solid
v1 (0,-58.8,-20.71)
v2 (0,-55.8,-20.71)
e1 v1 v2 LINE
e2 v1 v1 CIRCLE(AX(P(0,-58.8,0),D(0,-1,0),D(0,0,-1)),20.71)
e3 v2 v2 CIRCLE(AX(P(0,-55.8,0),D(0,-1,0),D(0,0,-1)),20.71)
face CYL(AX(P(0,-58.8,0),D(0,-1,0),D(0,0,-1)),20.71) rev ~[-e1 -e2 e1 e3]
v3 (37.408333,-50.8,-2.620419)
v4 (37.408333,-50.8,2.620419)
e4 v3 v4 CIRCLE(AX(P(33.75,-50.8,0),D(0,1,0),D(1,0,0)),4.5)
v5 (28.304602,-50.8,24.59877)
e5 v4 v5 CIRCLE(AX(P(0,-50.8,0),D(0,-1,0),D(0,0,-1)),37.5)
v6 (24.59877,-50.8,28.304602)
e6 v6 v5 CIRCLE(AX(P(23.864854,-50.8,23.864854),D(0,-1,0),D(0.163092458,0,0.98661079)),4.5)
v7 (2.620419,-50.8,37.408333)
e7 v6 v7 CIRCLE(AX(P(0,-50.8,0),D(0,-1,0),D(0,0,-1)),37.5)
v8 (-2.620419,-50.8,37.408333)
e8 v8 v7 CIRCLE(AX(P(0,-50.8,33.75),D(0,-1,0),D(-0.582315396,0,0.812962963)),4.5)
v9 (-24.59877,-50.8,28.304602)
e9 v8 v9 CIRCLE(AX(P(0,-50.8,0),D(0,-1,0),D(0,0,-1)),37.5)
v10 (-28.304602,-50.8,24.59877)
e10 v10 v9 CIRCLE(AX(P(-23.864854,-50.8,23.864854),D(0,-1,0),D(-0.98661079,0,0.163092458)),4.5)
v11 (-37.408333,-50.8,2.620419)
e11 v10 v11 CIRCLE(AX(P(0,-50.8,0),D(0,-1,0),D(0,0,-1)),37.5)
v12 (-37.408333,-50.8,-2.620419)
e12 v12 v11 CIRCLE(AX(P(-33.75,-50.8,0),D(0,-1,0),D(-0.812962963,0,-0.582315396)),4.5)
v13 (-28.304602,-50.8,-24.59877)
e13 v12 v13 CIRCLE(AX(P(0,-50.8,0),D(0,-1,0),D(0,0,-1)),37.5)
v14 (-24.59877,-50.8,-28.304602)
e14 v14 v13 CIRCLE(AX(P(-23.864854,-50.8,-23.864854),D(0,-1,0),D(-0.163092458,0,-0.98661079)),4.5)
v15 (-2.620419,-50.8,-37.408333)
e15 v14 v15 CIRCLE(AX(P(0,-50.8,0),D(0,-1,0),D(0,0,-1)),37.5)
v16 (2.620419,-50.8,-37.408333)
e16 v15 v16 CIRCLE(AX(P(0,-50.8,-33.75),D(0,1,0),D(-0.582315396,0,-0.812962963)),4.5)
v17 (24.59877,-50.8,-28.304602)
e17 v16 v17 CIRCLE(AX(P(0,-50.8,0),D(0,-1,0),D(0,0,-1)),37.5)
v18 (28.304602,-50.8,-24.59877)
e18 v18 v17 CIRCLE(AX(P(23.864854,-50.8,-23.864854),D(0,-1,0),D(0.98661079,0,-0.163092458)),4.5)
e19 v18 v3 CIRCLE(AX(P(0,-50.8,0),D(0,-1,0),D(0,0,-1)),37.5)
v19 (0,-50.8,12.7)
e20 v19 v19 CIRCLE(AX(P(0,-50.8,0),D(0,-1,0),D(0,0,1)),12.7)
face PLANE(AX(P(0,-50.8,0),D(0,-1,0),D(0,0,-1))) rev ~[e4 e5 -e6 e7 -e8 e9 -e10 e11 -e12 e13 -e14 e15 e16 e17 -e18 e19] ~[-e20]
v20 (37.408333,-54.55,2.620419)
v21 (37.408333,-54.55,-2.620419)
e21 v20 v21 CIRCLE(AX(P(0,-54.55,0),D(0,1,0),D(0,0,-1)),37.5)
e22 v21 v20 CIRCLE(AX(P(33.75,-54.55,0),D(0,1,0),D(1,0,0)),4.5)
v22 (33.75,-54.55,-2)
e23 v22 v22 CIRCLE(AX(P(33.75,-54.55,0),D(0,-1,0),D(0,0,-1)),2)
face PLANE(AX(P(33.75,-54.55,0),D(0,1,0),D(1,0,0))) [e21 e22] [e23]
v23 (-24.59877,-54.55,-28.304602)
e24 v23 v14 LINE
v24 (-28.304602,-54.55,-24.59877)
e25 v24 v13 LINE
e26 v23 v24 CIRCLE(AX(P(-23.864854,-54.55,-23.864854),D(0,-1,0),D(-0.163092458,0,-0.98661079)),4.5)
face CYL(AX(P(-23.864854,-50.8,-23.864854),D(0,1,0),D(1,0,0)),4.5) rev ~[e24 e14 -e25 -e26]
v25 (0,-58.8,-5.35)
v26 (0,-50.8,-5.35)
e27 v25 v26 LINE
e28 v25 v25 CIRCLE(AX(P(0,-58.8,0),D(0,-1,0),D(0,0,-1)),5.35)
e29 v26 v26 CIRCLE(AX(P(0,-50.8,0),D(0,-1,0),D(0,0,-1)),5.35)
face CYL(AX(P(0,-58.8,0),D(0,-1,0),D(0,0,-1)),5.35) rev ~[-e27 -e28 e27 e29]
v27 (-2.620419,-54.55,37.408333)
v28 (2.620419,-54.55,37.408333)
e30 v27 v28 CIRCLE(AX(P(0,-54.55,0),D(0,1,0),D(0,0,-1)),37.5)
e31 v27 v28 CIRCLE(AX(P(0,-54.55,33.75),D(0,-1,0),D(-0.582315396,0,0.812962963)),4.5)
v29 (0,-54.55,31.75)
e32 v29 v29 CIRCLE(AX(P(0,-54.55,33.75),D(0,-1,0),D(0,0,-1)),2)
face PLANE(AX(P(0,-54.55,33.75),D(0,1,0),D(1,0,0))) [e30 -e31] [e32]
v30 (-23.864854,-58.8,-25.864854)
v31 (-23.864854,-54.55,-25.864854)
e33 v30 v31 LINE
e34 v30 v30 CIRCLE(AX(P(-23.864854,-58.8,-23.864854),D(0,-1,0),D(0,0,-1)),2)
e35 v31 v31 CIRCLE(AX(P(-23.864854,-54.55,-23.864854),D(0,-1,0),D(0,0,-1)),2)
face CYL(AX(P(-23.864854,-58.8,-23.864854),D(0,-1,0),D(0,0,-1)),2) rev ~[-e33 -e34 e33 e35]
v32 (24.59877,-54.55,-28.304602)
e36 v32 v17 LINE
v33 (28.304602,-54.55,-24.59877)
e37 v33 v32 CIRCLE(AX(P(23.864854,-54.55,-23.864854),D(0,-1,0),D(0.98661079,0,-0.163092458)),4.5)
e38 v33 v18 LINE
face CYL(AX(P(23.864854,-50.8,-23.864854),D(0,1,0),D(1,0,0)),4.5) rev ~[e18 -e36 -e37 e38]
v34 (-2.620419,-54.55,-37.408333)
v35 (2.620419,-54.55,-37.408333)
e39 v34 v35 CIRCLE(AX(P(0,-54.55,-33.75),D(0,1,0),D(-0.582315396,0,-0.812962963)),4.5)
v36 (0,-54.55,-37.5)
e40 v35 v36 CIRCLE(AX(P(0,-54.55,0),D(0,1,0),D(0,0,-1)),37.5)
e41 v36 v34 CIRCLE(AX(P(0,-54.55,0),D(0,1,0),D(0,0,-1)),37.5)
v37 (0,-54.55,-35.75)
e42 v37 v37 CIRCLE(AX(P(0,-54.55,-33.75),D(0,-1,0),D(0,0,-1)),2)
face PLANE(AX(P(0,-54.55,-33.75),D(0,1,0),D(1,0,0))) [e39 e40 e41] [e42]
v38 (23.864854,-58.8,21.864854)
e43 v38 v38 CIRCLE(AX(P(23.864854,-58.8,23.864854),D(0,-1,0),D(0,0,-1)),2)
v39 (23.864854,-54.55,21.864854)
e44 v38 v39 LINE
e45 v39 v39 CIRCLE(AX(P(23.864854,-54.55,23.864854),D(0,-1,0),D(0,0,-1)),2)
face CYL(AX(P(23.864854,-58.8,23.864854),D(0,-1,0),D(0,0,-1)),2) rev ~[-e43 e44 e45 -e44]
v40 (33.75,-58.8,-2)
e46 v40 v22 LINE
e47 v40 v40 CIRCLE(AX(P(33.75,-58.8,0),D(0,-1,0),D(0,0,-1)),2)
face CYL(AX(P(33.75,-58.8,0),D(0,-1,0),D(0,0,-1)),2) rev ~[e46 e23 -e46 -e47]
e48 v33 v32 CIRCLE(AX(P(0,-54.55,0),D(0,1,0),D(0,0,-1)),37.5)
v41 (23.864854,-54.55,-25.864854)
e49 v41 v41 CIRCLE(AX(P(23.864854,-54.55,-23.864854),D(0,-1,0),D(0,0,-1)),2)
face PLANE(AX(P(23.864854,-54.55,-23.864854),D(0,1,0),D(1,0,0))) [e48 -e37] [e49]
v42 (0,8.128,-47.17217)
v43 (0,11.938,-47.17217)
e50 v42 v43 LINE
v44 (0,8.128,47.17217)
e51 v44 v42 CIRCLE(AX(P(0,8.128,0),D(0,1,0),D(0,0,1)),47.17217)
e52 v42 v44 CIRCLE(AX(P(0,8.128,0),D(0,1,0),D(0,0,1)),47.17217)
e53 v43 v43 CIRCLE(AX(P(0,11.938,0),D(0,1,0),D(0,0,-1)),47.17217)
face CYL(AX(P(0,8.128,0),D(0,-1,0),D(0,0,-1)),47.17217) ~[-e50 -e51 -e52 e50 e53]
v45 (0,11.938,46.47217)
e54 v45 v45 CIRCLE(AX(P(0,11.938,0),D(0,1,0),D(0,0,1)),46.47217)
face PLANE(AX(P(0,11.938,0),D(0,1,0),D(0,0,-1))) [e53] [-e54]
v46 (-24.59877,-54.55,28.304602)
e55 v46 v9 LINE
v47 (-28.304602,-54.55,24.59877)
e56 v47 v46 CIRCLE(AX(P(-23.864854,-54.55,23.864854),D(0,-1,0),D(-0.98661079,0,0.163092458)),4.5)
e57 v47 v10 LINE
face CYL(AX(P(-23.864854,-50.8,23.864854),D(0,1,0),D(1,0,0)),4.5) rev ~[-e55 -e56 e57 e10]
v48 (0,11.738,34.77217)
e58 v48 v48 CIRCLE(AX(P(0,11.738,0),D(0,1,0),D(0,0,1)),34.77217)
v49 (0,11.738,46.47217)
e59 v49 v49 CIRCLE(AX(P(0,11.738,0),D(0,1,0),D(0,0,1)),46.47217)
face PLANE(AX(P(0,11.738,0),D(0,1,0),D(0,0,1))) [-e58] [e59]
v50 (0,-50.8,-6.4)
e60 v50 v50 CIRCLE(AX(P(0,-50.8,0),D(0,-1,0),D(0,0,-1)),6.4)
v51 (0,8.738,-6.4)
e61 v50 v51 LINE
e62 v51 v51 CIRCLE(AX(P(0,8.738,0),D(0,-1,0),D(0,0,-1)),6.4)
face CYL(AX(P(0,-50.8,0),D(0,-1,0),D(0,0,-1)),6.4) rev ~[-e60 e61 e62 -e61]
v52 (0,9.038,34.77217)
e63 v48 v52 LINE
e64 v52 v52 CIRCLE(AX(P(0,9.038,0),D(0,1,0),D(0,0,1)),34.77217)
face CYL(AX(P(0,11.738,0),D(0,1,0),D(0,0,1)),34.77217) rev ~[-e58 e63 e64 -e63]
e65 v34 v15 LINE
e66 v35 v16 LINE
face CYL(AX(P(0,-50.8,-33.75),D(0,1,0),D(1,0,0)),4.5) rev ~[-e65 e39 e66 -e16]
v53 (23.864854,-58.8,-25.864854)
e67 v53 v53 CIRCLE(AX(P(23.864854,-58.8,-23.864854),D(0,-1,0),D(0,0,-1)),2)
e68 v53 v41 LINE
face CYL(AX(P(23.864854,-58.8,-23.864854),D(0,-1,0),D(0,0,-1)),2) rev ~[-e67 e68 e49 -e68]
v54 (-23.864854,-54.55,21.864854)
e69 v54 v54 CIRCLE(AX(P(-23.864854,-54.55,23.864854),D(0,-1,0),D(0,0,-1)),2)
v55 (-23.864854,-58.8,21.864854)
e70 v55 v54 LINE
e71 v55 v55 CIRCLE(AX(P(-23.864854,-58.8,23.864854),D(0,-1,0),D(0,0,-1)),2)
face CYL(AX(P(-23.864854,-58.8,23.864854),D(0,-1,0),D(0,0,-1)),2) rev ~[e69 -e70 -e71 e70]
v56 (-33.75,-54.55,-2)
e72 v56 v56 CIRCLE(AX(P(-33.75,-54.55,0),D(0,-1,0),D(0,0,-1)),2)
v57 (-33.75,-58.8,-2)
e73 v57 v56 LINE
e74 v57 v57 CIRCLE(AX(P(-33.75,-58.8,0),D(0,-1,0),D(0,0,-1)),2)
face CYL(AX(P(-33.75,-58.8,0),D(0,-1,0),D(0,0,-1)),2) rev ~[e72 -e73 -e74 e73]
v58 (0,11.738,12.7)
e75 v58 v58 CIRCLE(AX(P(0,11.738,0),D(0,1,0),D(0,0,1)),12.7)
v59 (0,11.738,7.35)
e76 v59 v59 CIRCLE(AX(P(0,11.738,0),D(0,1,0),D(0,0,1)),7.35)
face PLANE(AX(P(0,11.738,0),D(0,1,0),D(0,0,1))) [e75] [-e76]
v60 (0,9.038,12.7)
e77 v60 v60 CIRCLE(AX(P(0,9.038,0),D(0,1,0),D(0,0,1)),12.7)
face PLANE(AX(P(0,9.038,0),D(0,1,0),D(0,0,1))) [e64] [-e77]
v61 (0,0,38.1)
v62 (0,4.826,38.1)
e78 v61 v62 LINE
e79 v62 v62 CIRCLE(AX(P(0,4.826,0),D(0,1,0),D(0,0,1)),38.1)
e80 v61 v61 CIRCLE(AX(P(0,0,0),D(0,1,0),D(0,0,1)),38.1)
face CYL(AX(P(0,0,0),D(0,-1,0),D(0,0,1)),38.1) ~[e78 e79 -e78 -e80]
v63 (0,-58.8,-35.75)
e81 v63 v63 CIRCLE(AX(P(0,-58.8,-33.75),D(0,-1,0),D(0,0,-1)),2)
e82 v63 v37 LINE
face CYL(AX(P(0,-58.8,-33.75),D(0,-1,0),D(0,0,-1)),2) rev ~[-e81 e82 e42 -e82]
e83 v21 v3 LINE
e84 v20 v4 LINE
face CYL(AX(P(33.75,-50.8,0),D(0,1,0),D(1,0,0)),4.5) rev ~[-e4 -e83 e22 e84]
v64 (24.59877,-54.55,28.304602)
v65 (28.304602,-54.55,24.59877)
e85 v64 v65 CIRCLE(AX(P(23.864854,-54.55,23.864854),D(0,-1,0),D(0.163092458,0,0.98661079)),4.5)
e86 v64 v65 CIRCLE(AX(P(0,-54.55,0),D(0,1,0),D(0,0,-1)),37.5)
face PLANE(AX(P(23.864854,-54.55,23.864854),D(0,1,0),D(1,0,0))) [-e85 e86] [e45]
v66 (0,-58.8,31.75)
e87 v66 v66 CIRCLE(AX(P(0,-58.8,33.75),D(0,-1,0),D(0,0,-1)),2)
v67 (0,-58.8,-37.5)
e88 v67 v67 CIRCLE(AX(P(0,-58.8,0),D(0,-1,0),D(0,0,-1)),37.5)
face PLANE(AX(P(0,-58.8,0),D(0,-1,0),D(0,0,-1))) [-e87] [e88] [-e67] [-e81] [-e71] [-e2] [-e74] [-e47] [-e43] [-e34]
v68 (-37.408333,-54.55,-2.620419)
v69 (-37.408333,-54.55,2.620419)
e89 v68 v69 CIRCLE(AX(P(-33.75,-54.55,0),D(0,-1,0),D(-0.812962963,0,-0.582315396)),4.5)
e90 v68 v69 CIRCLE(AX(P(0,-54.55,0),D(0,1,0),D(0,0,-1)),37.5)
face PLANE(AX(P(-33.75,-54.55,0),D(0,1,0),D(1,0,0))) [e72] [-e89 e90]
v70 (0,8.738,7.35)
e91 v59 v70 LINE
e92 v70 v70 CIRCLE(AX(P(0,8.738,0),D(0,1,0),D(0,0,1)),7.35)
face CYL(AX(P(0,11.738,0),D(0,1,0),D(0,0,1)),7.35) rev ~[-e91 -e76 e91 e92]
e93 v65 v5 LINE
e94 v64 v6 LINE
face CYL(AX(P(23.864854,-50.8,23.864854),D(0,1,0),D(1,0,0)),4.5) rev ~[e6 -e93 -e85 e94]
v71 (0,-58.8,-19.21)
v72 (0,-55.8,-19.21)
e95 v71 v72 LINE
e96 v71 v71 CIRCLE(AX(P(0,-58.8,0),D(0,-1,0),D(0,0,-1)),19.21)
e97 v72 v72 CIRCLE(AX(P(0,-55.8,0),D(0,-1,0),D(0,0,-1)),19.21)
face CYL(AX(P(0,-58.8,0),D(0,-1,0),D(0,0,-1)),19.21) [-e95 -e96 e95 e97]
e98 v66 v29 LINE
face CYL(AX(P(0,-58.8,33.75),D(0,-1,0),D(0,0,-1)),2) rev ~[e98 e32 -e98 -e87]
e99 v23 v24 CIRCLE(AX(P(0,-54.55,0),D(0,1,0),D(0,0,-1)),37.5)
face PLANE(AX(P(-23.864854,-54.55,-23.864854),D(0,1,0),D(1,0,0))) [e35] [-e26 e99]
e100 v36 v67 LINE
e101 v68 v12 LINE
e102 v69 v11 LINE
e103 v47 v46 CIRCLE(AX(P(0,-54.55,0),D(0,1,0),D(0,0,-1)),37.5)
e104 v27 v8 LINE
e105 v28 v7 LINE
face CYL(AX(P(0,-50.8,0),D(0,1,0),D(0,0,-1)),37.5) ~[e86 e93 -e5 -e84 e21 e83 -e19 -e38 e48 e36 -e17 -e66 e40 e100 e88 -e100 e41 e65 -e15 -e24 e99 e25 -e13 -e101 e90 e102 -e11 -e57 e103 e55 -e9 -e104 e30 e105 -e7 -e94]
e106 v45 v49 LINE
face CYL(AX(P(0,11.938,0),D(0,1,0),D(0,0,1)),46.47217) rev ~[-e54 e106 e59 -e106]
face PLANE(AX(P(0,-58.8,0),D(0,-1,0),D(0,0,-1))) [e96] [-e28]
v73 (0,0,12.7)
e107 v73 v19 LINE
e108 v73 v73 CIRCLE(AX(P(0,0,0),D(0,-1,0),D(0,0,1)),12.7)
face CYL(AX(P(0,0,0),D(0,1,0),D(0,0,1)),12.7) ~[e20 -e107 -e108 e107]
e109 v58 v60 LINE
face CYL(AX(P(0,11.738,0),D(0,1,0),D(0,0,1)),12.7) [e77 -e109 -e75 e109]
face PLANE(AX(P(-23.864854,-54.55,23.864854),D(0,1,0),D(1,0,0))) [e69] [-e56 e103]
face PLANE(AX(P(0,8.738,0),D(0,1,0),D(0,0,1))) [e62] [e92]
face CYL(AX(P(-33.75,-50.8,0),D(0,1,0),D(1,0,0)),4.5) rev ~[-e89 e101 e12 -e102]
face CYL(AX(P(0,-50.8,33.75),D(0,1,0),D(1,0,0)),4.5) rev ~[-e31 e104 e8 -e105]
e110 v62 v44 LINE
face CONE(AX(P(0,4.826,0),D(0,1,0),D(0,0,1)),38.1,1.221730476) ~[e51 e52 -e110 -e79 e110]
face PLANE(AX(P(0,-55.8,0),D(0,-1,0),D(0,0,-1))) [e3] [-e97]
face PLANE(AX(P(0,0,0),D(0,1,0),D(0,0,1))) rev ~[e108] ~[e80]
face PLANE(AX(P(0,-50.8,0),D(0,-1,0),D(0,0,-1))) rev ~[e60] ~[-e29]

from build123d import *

# Parameters (mm, degrees)
SKETCH1_R           = 38.1
BOSS_EXTRUDE1_DEPTH = 4.826
SKETCH2_R           = 38.1
BOSS_EXTRUDE2_DEPTH = 3.302
BOSS_EXTRUDE2_DRAFT = -70
SKETCH3_R           = 47.172170439
BOSS_EXTRUDE3_DEPTH = 3.81
SKETCH4_R           = 46.472170439
CUT_EXTRUDE1_DEPTH  = 0.2
SKETCH6_R           = 34.772170439
SKETCH6_R_2         = 12.7
CUT_EXTRUDE2_DEPTH  = 2.7
SKETCH8_R           = 12.7
BOSS_EXTRUDE4_DEPTH = 50.8
SKETCH10_R          = 7.35
CUT_EXTRUDE5_DEPTH  = 3
SKETCH13_R          = 6.4
CUT_EXTRUDE9_DEPTH  = 92.577748235
SKETCH15_R          = 37.5
BOSS_EXTRUDE6_DEPTH = 8
CUT_EXTRUDE10_REACH = 99.233
SKETCH16_R          = 2
SKETCH16_R_2        = 5.35
SKETCH17_R          = 20.71
SKETCH17_R_2        = 19.21
CUT_EXTRUDE11_DEPTH = 3
SKETCH19_R          = 4.5
CUT_EXTRUDE12_DEPTH = 3.75


with BuildPart() as part:
    # Sketch1 → Boss-Extrude1 (new body)
    with BuildSketch(Plane(origin=(0, 0, 0), x_dir=(1, 0, 0), z_dir=(0, 1, 0))):
        with Locations(Location((0, 0, 0), (0, 0, 270))):
            Circle(SKETCH1_R)
    extrude(amount=BOSS_EXTRUDE1_DEPTH)


with BuildPart() as boss_extrude2_tool:
    # Sketch2 → Boss-Extrude2 (with draft: the straight prism first)
    with BuildSketch(Plane(origin=(0, 4.826, 0), x_dir=(1, 0, 0), z_dir=(0, 1, 0))):
        with Locations(Location((0, 0, 0), (0, 0, 270))):
            Circle(SKETCH2_R)
    extrude(amount=BOSS_EXTRUDE2_DEPTH)
    # Boss-Extrude2: the draft: its side faces are tilted about the plane it starts from
    boss_extrude2_sides = [boss_extrude2_tool.faces().sort_by_distance(p)[0] for p in [
        (0, 6.477, -38.1),
    ]]
    draft(boss_extrude2_sides, Plane(origin=(0, 4.826, 0), x_dir=(1, 0, 0), z_dir=(0, 1, 0)), BOSS_EXTRUDE2_DRAFT)


with BuildPart() as part_1:
    add(part.part)

    # Boss-Extrude2: add boss_extrude2_tool
    add(boss_extrude2_tool.part)

    # Sketch3 → Boss-Extrude3 (add)
    with BuildSketch(Plane(origin=(0, 8.128, 0), x_dir=(1, 0, 0), z_dir=(0, 1, 0))):
        with Locations(Location((0, 0, 0), (0, 0, 90))):
            Circle(SKETCH3_R)
    extrude(amount=BOSS_EXTRUDE3_DEPTH)

    # Sketch4 → Cut-Extrude1 (cut)
    with BuildSketch(Plane(origin=(0, 11.938, 0), x_dir=(1, 0, 0), z_dir=(0, 1, 0))):
        with Locations(Location((0, 0, 0), (0, 0, 270))):
            Circle(SKETCH4_R)
    extrude(amount=-CUT_EXTRUDE1_DEPTH, mode=Mode.SUBTRACT)

    # Sketch6 → Cut-Extrude2 (cut)
    with BuildSketch(Plane(origin=(0, 11.738, 0), x_dir=(1, 0, 0), z_dir=(0, 1, 0))):
        with Locations(Location((0, 0, 0), (0, 0, 270))):
            Circle(SKETCH6_R)
        with Locations(Location((0, 0, 0), (0, 0, 270))):
            Circle(SKETCH6_R_2, mode=Mode.SUBTRACT)
    extrude(amount=-CUT_EXTRUDE2_DEPTH, mode=Mode.SUBTRACT)

    # Sketch8 → Boss-Extrude4 (add)
    with BuildSketch(Plane.XZ):
        with Locations(Location((0, 0, 0), (0, 0, 90))):
            Circle(SKETCH8_R)
    extrude(amount=BOSS_EXTRUDE4_DEPTH)

    # Sketch10 → Cut-Extrude5 (cut)
    with BuildSketch(Plane(origin=(0, 11.738, 0), x_dir=(1, 0, 0), z_dir=(0, 1, 0))):
        with Locations(Location((0, 0, 0), (0, 0, 270))):
            Circle(SKETCH10_R)
    extrude(amount=-CUT_EXTRUDE5_DEPTH, mode=Mode.SUBTRACT)

    # Sketch13 → Cut-Extrude9 (cut, through all)
    with BuildSketch(Plane(origin=(0, -50.8, 0), x_dir=(-1, 0, 0), z_dir=(0, -1, 0))):
        with Locations(Location((0, 0, 0), (0, 0, 90))):
            Circle(SKETCH13_R)
    extrude(amount=-CUT_EXTRUDE9_DEPTH, mode=Mode.SUBTRACT)

    # Sketch15 → Boss-Extrude6 (add)
    with BuildSketch(Plane.XZ.offset(50.8)):
        with Locations(Location((0, 0, 0), (0, 0, 270))):
            Circle(SKETCH15_R)
    extrude(amount=BOSS_EXTRUDE6_DEPTH)

    # Sketch16 → Cut-Extrude10 (cut, up to next)
    with BuildSketch(Plane.XZ.offset(58.8), mode=Mode.PRIVATE) as cut_extrude10_sk1:
        with Locations(Location((0, 33.75, 0), (0, 0, 270))):
            Circle(SKETCH16_R)
    cut_extrude10_tool1 = extrude(cut_extrude10_sk1.sketch, amount=-CUT_EXTRUDE10_REACH, mode=Mode.PRIVATE) & part_1.part
    # Sketch16 → Cut-Extrude10 (cut, up to next)
    with BuildSketch(Plane.XZ.offset(58.8), mode=Mode.PRIVATE) as cut_extrude10_sk2:
        with Locations(Location((23.864853865, 23.864853865, 0), (0, 0, 270))):
            Circle(SKETCH16_R)
    cut_extrude10_tool2 = extrude(cut_extrude10_sk2.sketch, amount=-CUT_EXTRUDE10_REACH, mode=Mode.PRIVATE) & part_1.part
    # Sketch16 → Cut-Extrude10 (cut, up to next)
    with BuildSketch(Plane.XZ.offset(58.8), mode=Mode.PRIVATE) as cut_extrude10_sk3:
        with Locations(Location((33.75, 0, 0), (0, 0, 270))):
            Circle(SKETCH16_R)
    cut_extrude10_tool3 = extrude(cut_extrude10_sk3.sketch, amount=-CUT_EXTRUDE10_REACH, mode=Mode.PRIVATE) & part_1.part
    # Sketch16 → Cut-Extrude10 (cut, up to next)
    with BuildSketch(Plane.XZ.offset(58.8), mode=Mode.PRIVATE) as cut_extrude10_sk4:
        with Locations(Location((23.864853865, -23.864853865, 0), (0, 0, 270))):
            Circle(SKETCH16_R)
    cut_extrude10_tool4 = extrude(cut_extrude10_sk4.sketch, amount=-CUT_EXTRUDE10_REACH, mode=Mode.PRIVATE) & part_1.part
    # Sketch16 → Cut-Extrude10 (cut, up to next)
    with BuildSketch(Plane.XZ.offset(58.8), mode=Mode.PRIVATE) as cut_extrude10_sk5:
        with Locations(Location((0, -33.75, 0), (0, 0, 270))):
            Circle(SKETCH16_R)
    cut_extrude10_tool5 = extrude(cut_extrude10_sk5.sketch, amount=-CUT_EXTRUDE10_REACH, mode=Mode.PRIVATE) & part_1.part
    # Sketch16 → Cut-Extrude10 (cut, up to next)
    with BuildSketch(Plane.XZ.offset(58.8), mode=Mode.PRIVATE) as cut_extrude10_sk6:
        with Locations(Location((-23.864853865, -23.864853865, 0), (0, 0, 270))):
            Circle(SKETCH16_R)
    cut_extrude10_tool6 = extrude(cut_extrude10_sk6.sketch, amount=-CUT_EXTRUDE10_REACH, mode=Mode.PRIVATE) & part_1.part
    # Sketch16 → Cut-Extrude10 (cut, up to next)
    with BuildSketch(Plane.XZ.offset(58.8), mode=Mode.PRIVATE) as cut_extrude10_sk7:
        with Locations(Location((-33.75, 0, 0), (0, 0, 270))):
            Circle(SKETCH16_R)
    cut_extrude10_tool7 = extrude(cut_extrude10_sk7.sketch, amount=-CUT_EXTRUDE10_REACH, mode=Mode.PRIVATE) & part_1.part
    # Sketch16 → Cut-Extrude10 (cut, up to next)
    with BuildSketch(Plane.XZ.offset(58.8), mode=Mode.PRIVATE) as cut_extrude10_sk8:
        with Locations(Location((-23.864853865, 23.864853865, 0), (0, 0, 270))):
            Circle(SKETCH16_R)
    cut_extrude10_tool8 = extrude(cut_extrude10_sk8.sketch, amount=-CUT_EXTRUDE10_REACH, mode=Mode.PRIVATE) & part_1.part
    # Sketch16 → Cut-Extrude10 (cut, up to next)
    with BuildSketch(Plane.XZ.offset(58.8), mode=Mode.PRIVATE) as cut_extrude10_sk9:
        with Locations(Location((0, 0, 0), (0, 0, 270))):
            Circle(SKETCH16_R_2)
    cut_extrude10_tool9 = extrude(cut_extrude10_sk9.sketch, amount=-CUT_EXTRUDE10_REACH, mode=Mode.PRIVATE) & part_1.part
    add(cut_extrude10_tool1.solids().sort_by_distance((0, -58.8, 33.75))[0], mode=Mode.SUBTRACT)
    add(cut_extrude10_tool2.solids().sort_by_distance((23.864854, -58.8, 23.864854))[0], mode=Mode.SUBTRACT)
    add(cut_extrude10_tool3.solids().sort_by_distance((33.75, -58.8, 0))[0], mode=Mode.SUBTRACT)
    add(cut_extrude10_tool4.solids().sort_by_distance((23.864854, -58.8, -23.864854))[0], mode=Mode.SUBTRACT)
    add(cut_extrude10_tool5.solids().sort_by_distance((0, -58.8, -33.75))[0], mode=Mode.SUBTRACT)
    add(cut_extrude10_tool6.solids().sort_by_distance((-23.864854, -58.8, -23.864854))[0], mode=Mode.SUBTRACT)
    add(cut_extrude10_tool7.solids().sort_by_distance((-33.75, -58.8, 0))[0], mode=Mode.SUBTRACT)
    add(cut_extrude10_tool8.solids().sort_by_distance((-23.864854, -58.8, 23.864854))[0], mode=Mode.SUBTRACT)
    add(cut_extrude10_tool9.solids().sort_by_distance((0, -58.8, 0))[0], mode=Mode.SUBTRACT)

    # Sketch17 → Cut-Extrude11 (cut)
    with BuildSketch(Plane.XZ.offset(58.8)):
        with Locations(Location((0, 0, 0), (0, 0, 270))):
            Circle(SKETCH17_R)
        with Locations(Location((0, 0, 0), (0, 0, 270))):
            Circle(SKETCH17_R_2, mode=Mode.SUBTRACT)
    extrude(amount=-CUT_EXTRUDE11_DEPTH, mode=Mode.SUBTRACT)

    # Sketch19 → Cut-Extrude12 (cut)
    with BuildSketch(Plane(origin=(0, -50.8, 0), x_dir=(1, 0, 0), z_dir=(0, 1, 0))):
        with Locations((23.864853865, 23.864853865)):
            Circle(SKETCH19_R)
        with Locations((0, 33.75)):
            Circle(SKETCH19_R)
        with Locations((33.75, 0)):
            Circle(SKETCH19_R)
        with Locations((23.864853865, -23.864853865)):
            Circle(SKETCH19_R)
        with Locations((0, -33.75)):
            Circle(SKETCH19_R)
        with Locations((-23.864853865, -23.864853865)):
            Circle(SKETCH19_R)
        with Locations((-33.75, 0)):
            Circle(SKETCH19_R)
        with Locations((-23.864853865, 23.864853865)):
            Circle(SKETCH19_R)
    extrude(amount=-CUT_EXTRUDE12_DEPTH, mode=Mode.SUBTRACT)


solid = part_1.part
